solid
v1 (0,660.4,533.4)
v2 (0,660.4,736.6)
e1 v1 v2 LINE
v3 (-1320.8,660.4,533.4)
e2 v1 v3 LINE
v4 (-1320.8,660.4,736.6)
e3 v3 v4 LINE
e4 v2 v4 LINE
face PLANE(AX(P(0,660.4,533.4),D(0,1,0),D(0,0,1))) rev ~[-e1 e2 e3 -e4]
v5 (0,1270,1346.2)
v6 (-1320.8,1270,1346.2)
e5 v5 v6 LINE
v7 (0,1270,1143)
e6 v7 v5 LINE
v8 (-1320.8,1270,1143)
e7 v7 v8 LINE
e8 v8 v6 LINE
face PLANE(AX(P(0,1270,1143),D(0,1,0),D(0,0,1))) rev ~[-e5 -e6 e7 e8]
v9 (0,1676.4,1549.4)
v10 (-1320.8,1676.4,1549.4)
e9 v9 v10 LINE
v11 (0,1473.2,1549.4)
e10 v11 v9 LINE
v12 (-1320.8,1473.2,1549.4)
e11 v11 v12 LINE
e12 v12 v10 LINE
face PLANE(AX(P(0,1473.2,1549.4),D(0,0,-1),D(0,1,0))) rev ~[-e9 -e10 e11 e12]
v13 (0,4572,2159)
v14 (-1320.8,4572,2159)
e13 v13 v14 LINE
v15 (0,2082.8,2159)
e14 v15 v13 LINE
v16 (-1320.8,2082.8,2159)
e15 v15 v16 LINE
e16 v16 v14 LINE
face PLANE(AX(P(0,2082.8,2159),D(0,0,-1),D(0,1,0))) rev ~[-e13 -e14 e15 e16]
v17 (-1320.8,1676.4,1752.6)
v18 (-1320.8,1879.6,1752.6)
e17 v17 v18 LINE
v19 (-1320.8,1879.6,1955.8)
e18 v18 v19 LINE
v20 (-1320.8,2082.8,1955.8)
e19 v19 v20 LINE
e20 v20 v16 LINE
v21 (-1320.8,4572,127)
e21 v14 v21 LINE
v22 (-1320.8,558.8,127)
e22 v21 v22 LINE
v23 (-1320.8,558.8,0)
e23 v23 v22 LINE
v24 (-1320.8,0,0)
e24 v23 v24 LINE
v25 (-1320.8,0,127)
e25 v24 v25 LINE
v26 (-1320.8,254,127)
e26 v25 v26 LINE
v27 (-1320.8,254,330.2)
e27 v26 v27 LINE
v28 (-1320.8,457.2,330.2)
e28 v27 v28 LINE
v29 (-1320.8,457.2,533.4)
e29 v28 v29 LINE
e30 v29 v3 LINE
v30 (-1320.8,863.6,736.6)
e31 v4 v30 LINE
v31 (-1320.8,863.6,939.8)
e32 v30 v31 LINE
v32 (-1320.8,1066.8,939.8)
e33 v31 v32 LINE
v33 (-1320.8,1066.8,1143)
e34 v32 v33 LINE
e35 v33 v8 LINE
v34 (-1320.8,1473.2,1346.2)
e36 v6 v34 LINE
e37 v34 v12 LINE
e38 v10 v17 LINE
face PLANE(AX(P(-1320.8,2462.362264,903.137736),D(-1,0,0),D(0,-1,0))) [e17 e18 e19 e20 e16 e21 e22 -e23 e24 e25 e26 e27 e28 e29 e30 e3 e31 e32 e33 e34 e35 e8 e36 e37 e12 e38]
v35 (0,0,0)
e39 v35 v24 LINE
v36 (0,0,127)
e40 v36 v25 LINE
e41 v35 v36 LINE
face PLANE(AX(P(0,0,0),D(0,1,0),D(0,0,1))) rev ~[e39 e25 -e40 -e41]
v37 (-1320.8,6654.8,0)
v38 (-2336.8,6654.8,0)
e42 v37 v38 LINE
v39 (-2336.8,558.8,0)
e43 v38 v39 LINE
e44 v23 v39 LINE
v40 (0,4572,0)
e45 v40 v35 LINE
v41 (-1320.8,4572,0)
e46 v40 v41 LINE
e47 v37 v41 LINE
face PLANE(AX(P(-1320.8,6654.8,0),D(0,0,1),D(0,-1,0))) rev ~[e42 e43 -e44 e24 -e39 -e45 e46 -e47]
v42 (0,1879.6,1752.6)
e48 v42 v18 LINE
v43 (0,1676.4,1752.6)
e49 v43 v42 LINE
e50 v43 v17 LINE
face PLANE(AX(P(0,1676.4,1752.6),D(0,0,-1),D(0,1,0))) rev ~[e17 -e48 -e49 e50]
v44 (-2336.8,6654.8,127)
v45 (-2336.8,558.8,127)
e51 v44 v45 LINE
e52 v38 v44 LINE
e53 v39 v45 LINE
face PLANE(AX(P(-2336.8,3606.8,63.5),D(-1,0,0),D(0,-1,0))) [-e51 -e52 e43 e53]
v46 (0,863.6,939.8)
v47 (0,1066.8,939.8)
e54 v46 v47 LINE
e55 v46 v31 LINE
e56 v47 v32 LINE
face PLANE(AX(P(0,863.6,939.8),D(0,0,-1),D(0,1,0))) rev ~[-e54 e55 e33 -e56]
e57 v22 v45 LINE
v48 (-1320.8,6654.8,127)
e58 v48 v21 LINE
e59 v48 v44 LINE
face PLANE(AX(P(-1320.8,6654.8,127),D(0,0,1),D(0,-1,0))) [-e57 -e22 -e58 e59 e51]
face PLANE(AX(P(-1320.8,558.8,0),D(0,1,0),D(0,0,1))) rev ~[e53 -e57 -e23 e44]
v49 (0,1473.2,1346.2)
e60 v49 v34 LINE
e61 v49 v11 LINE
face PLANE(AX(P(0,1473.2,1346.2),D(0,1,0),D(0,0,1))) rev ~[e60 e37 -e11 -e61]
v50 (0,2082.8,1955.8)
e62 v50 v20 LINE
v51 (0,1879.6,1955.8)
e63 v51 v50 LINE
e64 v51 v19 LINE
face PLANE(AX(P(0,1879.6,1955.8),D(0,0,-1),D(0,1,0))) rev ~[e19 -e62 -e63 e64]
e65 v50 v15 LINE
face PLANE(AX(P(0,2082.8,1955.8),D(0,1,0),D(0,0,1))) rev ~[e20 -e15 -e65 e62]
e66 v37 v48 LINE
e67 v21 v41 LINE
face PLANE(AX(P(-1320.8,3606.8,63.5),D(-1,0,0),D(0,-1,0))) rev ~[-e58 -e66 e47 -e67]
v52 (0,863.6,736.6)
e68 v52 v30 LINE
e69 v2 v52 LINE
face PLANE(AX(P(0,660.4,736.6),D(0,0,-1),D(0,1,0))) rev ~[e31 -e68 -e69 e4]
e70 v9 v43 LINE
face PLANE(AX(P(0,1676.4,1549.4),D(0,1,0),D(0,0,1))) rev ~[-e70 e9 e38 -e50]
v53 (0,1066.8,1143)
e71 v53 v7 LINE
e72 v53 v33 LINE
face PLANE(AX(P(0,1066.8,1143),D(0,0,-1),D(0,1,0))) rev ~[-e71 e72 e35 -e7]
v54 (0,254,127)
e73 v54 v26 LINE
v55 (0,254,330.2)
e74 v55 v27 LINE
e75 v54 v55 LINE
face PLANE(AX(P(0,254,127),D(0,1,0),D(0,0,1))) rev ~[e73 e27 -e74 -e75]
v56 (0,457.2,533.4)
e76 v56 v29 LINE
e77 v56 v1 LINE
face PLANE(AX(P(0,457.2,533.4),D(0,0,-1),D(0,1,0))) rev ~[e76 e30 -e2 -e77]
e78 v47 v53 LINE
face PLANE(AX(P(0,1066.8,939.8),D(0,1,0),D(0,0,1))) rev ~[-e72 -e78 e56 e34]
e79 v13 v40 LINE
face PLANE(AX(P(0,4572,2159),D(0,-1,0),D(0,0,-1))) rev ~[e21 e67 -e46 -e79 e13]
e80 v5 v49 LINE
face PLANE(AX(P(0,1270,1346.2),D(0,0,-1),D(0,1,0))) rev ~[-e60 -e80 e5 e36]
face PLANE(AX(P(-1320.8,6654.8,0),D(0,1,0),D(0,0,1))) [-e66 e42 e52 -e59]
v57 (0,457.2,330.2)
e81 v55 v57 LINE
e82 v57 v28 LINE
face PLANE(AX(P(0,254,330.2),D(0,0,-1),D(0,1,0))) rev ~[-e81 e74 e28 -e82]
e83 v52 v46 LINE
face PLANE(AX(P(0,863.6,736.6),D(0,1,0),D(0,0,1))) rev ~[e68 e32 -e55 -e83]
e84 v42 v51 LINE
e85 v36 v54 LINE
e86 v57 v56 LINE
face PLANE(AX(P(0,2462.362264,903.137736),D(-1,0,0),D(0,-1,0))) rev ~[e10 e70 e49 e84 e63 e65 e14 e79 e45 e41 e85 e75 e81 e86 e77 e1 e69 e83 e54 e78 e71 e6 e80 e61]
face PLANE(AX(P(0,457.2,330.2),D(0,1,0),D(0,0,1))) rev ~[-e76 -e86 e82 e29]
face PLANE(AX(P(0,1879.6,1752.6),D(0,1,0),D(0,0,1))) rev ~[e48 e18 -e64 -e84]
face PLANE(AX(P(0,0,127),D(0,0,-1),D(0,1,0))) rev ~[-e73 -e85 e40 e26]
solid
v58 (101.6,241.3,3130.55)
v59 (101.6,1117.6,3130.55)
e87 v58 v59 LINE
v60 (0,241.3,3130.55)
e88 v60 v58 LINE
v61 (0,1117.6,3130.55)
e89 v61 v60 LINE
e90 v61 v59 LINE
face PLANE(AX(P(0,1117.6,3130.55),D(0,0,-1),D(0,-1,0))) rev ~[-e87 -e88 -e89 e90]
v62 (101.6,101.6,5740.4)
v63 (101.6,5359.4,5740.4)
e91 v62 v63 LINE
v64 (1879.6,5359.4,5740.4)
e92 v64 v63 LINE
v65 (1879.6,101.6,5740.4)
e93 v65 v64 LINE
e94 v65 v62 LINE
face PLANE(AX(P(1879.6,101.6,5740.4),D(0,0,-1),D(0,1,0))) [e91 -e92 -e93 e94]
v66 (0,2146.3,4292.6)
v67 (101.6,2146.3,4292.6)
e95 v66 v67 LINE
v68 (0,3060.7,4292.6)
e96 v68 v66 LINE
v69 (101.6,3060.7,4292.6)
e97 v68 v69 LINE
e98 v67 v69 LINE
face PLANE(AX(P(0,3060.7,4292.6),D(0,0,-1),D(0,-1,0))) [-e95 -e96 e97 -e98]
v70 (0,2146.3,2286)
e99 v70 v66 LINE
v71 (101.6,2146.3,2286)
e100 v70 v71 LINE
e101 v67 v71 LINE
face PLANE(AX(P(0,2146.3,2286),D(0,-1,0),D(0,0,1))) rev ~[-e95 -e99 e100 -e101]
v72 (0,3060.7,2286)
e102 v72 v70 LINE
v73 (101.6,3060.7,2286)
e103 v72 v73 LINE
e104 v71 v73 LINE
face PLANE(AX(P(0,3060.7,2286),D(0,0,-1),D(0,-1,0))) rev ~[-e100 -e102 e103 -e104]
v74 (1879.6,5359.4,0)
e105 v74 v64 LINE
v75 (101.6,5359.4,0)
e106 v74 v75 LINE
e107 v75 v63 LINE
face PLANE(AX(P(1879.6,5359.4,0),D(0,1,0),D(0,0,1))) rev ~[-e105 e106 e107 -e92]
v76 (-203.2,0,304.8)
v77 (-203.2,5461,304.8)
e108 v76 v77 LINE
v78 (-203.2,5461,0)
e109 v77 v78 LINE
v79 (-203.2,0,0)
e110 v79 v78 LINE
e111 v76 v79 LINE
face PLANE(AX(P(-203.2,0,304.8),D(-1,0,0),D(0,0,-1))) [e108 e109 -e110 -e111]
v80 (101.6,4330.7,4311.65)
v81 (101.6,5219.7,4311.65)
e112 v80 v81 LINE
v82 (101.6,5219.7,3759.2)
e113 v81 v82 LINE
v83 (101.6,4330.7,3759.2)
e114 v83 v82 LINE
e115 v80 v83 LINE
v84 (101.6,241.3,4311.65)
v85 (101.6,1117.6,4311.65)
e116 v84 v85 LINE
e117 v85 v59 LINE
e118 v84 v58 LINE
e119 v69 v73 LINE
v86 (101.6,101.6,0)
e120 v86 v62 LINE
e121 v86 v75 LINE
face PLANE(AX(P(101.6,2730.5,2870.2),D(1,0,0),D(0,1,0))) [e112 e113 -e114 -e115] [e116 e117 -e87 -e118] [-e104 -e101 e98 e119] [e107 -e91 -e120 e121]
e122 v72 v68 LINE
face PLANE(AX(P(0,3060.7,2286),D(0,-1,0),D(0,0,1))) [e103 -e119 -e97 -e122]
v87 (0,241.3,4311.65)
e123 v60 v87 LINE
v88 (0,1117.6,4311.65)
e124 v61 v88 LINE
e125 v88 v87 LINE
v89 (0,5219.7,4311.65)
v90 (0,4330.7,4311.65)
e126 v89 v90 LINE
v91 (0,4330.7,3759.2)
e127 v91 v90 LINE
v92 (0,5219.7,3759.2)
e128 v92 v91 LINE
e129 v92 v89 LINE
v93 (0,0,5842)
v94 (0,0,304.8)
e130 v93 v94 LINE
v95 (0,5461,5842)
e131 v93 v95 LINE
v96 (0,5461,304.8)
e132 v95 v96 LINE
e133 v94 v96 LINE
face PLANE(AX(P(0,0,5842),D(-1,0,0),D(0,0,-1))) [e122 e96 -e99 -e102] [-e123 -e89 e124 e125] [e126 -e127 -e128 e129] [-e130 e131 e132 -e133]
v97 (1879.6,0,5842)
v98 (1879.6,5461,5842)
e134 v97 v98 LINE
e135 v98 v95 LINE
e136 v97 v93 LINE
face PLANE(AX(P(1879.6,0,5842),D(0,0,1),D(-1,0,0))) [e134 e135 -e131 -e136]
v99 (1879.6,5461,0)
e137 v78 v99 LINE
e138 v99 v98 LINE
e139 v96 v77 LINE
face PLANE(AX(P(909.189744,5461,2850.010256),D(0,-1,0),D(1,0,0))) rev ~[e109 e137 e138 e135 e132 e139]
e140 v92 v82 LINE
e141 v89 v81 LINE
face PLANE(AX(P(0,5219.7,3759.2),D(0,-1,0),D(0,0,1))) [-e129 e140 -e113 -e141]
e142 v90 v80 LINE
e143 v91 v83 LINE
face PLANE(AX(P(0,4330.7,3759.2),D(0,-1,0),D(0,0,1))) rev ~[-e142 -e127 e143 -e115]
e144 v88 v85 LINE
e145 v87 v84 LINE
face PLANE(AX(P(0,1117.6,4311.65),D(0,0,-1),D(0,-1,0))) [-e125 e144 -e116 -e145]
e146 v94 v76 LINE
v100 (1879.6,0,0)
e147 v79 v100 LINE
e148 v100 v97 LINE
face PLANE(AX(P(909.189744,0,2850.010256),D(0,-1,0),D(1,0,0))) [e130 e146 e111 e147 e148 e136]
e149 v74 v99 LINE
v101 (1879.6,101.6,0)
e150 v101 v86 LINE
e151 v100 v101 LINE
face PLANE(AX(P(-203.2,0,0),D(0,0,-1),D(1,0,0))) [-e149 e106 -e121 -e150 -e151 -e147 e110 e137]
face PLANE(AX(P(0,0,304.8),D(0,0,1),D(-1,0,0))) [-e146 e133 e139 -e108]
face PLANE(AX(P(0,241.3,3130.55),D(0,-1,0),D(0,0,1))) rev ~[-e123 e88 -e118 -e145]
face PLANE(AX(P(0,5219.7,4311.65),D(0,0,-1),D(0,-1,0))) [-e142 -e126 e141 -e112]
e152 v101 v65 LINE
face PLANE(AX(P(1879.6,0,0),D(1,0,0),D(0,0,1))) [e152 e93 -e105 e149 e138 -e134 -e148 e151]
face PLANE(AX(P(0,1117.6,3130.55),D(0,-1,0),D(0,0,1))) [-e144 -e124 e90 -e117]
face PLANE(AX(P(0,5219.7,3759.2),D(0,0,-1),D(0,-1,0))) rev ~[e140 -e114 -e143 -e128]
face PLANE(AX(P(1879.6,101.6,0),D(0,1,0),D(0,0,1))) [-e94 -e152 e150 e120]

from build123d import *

# Parameters (mm, degrees)
F1_DEPTH = 5461
F3_W     = 5257.8
F3_H     = 5740.4
F4_DEPTH = 1778
F2_W     = 889
F2_H     = 552.45
F2_W_2   = 914.4
F2_H_2   = 2006.6
F2_W_3   = 876.3
F2_H_3   = 1181.1
F5_DEPTH = 1879.601
F7_DEPTH = 1320.8
F8_W     = 6096
F8_H     = 127
F9_DEPTH = 1016


with BuildPart() as f1:
    # F0 (on Front) → F1 (new body)
    with BuildSketch(Plane.XZ):
        Polygon((-203.2, 0), (0, 0), (1879.6, 0), (1879.6, 5842), (0, 5842), (0, 304.8), (-203.2, 304.8), align=None)
    extrude(amount=-F1_DEPTH)

    # F3 (on face) → F4 (cut)
    with BuildSketch(Plane.YZ.offset(1879.6)):
        with Locations((2730.5, 2870.2)):
            Rectangle(F3_W, F3_H)
    extrude(amount=-F4_DEPTH, mode=Mode.SUBTRACT)

    # F2 (on face) → F5 (cut, through all)
    with BuildSketch(Plane(origin=(0, 0, 0), x_dir=(0, -1, 0), z_dir=(-1, 0, 0))):
        with Locations((-4775.2, 4035.425)):
            Rectangle(F2_W, F2_H)
        with Locations((-2603.5, 3289.3)):
            Rectangle(F2_W_2, F2_H_2)
        with Locations((-679.45, 3721.1)):
            Rectangle(F2_W_3, F2_H_3)
    extrude(amount=-F5_DEPTH, mode=Mode.SUBTRACT)


with BuildPart() as f7:
    # F6 (on face) → F7 (new body)
    with BuildSketch(Plane(origin=(0, 0, 0), x_dir=(0, -1, 0), z_dir=(-1, 0, 0))):
        Polygon((-4572, 2159), (-4572, 304.8), (-4572, 0), (0, 0), (0, 127), (-254, 127), (-254, 330.2), (-457.2, 330.2), (-457.2, 533.4), (-660.4, 533.4), (-660.4, 736.6), (-863.6, 736.6), (-863.6, 939.8), (-1066.8, 939.8), (-1066.8, 1143), (-1270, 1143), (-1270, 1346.2), (-1473.2, 1346.2), (-1473.2, 1549.4), (-1676.4, 1549.4), (-1676.4, 1752.6), (-1879.6, 1752.6), (-1879.6, 1955.8), (-2082.8, 1955.8), (-2082.8, 2159), align=None)
    extrude(amount=F7_DEPTH)

    # F8 (on face) → F9 (join)
    with BuildSketch(Plane(origin=(-1320.8, 0, 0), x_dir=(0, -1, 0), z_dir=(-1, 0, 0))):
        with Locations((-3606.8, 63.5)):
            Rectangle(F8_W, F8_H)
    extrude(amount=F9_DEPTH)


solid = Compound([f1.part, f7.part])
